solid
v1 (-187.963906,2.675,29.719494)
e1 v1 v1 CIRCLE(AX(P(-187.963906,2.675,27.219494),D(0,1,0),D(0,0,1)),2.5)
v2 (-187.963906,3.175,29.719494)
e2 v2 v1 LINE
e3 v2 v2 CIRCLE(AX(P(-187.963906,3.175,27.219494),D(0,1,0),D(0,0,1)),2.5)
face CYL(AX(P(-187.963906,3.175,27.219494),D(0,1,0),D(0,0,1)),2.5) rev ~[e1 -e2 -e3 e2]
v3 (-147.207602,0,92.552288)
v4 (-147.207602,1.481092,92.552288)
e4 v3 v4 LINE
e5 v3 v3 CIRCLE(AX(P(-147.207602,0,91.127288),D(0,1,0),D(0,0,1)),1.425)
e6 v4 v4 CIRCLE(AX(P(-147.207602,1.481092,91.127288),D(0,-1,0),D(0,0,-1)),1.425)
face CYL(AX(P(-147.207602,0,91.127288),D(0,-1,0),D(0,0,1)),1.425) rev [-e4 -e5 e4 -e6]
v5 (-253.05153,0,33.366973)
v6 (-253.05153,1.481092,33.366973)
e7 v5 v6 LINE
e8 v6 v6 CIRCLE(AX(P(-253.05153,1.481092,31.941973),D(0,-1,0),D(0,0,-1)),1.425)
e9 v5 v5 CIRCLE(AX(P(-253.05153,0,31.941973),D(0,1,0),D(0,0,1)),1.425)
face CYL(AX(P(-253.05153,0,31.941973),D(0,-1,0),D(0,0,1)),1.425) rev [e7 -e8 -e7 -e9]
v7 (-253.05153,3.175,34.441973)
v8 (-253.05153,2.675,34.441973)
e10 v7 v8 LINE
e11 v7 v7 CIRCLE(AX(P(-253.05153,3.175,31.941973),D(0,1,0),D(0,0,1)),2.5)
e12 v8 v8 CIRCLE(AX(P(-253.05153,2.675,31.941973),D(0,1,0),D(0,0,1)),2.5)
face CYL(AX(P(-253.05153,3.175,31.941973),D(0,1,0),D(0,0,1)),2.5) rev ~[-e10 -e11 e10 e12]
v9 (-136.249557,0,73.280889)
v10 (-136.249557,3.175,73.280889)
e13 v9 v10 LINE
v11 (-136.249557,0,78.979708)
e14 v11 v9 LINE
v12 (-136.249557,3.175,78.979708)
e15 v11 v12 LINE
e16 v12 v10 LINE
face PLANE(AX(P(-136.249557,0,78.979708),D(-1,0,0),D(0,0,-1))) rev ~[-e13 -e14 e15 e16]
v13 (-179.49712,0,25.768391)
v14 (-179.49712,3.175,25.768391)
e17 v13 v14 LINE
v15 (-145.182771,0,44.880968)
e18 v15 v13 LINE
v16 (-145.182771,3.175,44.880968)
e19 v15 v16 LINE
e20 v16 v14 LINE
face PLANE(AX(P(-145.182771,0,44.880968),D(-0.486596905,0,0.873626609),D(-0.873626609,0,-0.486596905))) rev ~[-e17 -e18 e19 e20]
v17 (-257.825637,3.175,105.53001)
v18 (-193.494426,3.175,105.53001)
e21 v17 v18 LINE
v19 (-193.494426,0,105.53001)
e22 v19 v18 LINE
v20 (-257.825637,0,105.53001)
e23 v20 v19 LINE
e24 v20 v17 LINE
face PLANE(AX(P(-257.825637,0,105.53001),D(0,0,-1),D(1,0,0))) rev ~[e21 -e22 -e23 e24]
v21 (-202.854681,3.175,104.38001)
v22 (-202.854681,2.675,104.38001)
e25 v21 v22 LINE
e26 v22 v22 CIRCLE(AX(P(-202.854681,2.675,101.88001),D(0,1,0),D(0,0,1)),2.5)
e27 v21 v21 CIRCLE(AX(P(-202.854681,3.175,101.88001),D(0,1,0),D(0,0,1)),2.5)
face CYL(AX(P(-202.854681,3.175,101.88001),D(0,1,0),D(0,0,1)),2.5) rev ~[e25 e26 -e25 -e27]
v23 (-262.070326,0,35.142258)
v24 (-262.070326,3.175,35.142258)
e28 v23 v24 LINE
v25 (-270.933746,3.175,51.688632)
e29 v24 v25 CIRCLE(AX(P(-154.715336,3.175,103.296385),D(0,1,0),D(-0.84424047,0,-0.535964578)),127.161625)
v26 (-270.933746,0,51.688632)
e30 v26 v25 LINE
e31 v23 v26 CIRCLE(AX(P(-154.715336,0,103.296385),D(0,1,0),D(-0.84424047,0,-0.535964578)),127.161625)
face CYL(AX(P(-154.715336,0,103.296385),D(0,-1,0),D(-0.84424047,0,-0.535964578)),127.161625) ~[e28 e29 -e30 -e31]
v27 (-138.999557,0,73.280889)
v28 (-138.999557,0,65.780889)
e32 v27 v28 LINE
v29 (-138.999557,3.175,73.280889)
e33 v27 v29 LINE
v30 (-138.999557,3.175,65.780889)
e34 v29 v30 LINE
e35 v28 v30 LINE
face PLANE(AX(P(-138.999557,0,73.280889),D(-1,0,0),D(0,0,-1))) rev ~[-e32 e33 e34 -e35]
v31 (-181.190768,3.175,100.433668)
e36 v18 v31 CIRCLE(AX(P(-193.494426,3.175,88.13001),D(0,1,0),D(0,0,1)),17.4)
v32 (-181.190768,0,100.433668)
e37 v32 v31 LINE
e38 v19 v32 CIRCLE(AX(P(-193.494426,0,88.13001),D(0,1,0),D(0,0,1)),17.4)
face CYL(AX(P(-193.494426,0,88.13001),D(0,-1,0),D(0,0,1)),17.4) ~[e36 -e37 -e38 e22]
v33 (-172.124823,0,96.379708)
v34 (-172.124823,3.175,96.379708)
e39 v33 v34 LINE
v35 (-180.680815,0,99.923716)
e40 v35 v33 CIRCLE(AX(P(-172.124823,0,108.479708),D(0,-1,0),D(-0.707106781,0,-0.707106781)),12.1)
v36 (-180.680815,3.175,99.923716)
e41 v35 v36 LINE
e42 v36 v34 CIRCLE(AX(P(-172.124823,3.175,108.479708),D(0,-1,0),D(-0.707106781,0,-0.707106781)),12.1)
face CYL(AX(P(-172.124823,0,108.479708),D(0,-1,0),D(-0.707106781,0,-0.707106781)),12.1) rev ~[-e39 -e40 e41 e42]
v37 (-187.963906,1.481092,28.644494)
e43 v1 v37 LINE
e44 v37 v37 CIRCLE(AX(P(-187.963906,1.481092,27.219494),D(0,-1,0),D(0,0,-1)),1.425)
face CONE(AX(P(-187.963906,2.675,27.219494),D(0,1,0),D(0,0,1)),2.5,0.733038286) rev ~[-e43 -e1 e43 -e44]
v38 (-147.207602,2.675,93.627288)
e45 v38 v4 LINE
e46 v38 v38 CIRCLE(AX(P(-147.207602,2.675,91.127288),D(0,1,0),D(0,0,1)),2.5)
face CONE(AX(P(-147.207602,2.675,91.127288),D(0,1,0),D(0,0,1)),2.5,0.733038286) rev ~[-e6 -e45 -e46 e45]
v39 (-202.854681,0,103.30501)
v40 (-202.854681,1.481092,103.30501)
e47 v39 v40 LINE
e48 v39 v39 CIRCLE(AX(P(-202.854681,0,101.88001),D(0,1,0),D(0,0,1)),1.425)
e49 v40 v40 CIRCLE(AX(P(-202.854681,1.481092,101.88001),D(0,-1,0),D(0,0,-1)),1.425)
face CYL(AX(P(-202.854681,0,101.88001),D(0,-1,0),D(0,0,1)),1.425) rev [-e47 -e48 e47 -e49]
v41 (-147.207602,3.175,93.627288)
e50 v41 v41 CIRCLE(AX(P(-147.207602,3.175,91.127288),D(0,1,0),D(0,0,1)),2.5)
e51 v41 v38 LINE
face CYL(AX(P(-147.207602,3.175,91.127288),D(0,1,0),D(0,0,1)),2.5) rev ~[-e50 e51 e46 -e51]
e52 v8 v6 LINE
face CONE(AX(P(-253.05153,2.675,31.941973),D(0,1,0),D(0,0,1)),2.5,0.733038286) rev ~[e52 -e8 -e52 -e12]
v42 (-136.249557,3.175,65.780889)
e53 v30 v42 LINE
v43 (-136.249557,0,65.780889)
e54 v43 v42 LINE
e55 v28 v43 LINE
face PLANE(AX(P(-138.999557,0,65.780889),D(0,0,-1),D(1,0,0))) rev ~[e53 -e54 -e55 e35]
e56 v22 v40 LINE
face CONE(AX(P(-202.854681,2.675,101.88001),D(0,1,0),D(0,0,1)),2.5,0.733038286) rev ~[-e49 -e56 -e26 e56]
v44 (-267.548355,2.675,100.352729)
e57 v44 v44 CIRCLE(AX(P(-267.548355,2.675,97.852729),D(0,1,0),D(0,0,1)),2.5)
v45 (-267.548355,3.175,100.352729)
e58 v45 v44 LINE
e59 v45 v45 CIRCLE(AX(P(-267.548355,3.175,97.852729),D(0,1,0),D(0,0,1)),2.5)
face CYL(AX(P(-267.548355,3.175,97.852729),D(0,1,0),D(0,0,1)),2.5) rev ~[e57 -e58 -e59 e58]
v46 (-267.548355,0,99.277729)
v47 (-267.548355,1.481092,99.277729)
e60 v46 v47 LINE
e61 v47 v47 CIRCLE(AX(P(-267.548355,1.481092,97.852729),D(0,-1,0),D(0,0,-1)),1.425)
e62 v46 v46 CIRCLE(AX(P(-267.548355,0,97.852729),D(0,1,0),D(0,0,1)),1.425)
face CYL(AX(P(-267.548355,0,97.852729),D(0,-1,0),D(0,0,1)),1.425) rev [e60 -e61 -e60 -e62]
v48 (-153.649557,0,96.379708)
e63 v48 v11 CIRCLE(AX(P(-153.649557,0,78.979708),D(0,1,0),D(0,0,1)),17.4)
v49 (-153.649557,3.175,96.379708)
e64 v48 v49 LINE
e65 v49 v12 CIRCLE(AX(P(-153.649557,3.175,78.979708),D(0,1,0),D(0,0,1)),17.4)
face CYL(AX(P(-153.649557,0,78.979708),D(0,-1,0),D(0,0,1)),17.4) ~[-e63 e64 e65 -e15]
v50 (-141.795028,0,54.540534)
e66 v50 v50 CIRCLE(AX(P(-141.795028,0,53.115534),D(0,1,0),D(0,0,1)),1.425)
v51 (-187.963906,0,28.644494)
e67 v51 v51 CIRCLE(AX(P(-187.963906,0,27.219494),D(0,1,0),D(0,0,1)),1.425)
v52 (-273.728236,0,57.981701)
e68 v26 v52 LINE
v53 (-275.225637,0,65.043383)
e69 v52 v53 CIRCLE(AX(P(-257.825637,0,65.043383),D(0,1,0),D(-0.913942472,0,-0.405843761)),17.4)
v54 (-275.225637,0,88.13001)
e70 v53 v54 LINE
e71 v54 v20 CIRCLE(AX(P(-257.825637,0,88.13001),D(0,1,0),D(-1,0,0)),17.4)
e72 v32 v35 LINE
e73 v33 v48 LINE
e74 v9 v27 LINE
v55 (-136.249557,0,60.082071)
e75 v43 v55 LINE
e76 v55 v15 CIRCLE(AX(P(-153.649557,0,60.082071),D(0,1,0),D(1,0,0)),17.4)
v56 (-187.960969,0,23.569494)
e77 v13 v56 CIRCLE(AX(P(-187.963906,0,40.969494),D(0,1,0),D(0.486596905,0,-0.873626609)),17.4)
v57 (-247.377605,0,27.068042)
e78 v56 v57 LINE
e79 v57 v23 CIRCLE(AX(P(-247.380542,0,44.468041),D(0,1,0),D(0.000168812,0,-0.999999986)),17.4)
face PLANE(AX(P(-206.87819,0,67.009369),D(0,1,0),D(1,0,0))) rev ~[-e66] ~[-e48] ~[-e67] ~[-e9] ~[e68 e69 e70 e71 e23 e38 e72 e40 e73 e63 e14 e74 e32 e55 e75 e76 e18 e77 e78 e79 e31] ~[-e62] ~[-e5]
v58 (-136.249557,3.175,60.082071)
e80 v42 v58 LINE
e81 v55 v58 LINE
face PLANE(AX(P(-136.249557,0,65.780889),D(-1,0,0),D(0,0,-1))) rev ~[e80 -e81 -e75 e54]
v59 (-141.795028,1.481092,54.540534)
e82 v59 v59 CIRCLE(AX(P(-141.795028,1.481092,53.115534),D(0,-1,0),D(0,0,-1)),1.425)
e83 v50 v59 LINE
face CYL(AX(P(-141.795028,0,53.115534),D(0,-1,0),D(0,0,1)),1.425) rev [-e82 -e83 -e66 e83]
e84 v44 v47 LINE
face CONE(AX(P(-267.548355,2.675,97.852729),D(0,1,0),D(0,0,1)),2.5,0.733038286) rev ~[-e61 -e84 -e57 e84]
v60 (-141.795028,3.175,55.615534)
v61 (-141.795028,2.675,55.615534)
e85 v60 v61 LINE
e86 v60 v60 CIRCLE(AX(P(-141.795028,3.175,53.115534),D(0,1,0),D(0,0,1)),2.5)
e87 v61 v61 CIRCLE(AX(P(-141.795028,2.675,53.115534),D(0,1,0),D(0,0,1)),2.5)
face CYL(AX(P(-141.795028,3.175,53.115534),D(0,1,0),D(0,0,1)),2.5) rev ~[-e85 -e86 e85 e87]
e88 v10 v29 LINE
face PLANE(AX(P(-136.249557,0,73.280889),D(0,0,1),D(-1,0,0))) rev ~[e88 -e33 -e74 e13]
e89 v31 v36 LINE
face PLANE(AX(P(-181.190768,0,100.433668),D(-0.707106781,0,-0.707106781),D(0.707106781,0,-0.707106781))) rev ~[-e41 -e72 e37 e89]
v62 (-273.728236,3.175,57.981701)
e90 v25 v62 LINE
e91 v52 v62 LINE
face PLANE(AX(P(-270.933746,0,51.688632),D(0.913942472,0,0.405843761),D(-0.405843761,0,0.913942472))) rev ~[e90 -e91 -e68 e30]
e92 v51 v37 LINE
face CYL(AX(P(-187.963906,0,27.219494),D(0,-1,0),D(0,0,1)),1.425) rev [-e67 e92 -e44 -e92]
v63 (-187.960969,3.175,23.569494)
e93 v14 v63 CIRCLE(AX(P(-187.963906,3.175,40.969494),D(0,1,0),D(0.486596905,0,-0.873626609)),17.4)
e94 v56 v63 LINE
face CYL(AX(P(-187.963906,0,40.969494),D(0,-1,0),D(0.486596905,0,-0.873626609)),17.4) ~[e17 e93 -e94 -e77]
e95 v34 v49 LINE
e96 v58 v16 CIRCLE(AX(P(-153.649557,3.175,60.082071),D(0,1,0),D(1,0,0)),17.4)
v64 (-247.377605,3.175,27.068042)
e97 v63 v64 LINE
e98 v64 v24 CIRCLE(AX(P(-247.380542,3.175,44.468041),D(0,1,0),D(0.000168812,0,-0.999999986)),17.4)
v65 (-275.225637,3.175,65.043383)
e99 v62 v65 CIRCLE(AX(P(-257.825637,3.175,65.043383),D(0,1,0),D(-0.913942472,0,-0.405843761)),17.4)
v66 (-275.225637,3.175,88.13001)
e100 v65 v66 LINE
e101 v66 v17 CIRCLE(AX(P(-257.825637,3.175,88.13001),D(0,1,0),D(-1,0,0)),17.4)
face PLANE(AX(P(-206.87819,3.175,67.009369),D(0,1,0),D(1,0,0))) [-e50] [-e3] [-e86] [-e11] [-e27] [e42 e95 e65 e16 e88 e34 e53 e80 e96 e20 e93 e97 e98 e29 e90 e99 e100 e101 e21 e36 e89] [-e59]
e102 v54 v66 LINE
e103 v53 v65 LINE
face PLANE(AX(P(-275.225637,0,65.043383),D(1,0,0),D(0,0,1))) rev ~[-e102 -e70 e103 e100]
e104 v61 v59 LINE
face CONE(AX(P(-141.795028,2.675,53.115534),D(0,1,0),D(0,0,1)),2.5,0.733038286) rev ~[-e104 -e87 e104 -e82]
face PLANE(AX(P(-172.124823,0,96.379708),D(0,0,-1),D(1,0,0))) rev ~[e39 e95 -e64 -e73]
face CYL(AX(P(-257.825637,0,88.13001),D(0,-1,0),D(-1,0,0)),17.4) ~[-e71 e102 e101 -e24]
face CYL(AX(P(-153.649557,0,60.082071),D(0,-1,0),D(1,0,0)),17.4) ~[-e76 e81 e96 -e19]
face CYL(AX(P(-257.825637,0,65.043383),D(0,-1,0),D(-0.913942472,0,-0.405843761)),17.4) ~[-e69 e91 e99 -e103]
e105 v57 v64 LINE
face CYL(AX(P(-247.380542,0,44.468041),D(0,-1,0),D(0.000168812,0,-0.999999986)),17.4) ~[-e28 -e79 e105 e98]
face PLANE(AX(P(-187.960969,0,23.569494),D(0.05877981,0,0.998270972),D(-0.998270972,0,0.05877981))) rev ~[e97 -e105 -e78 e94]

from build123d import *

# Parameters (mm, degrees)
SKETCH2_R                    = 1.425
BOSS_EXTRUDE1_DEPTH          = 3.175
SKETCH3_R                    = 2.5
CUT_EXTRUDE1_DEPTH           = 0.5
SKETCH4_R                    = 2.5
CUT_EXTRUDE2_DEPTH           = 1.2
CUT_EXTRUDE2_DRAFT           = -42
CUT_EXTRUDE2_PROFILE_2_DEPTH = 1.2
CUT_EXTRUDE2_PROFILE_2_DRAFT = -42
CUT_EXTRUDE2_PROFILE_3_DEPTH = 1.2
CUT_EXTRUDE2_PROFILE_3_DRAFT = -42
CUT_EXTRUDE2_PROFILE_4_DEPTH = 1.2
CUT_EXTRUDE2_PROFILE_4_DRAFT = -42
CUT_EXTRUDE2_PROFILE_5_DEPTH = 1.2
CUT_EXTRUDE2_PROFILE_5_DRAFT = -42
CUT_EXTRUDE2_PROFILE_6_DEPTH = 1.2
CUT_EXTRUDE2_PROFILE_6_DRAFT = -42


with BuildPart() as part:
    # Sketch2 → Boss-Extrude1 (new body)
    with BuildSketch(Plane(origin=(0, 0, 0), x_dir=(1, 0, 0), z_dir=(0, 1, 0))):
        with BuildLine():
            Line((-145.18277075, -44.880968233), (-179.497120097, -25.768390824))
            ThreePointArc((-179.497120097, -25.768390824), (-183.588653035, -24.128556812), (-187.960968922, -23.569494069))
            Line((-187.960968922, -23.569494069), (-247.377604545, -27.068041697))
            ThreePointArc((-247.377604545, -27.068041697), (-255.760524502, -29.218913898), (-262.07032604, -35.142257782))
            ThreePointArc((-262.07032604, -35.142257782), (-266.807761783, -43.251676507), (-270.933745897, -51.688632391))
            Line((-270.933745897, -51.688632391), (-273.728235609, -57.981701498))
            ThreePointArc((-273.728235609, -57.981701498), (-274.847170355, -61.434035543), (-275.2256366, -65.043382939))
            Line((-275.2256366, -65.043382939), (-275.2256366, -88.130010281))
            ThreePointArc((-275.2256366, -88.130010281), (-270.129294593, -100.433668273), (-257.8256366, -105.530010281))
            Line((-257.8256366, -105.530010281), (-193.494425739, -105.530010281))
            ThreePointArc((-193.494425739, -105.530010281), (-186.835734016, -104.205514146), (-181.190767747, -100.433668273))
            Line((-181.190767747, -100.433668273), (-180.680815133, -99.923715659))
            ThreePointArc((-180.680815133, -99.923715659), (-176.755292612, -97.300765368), (-172.12482308, -96.379707712))
            Line((-172.12482308, -96.379707712), (-153.649556898, -96.379707712))
            ThreePointArc((-153.649556898, -96.379707712), (-141.345898905, -91.283365704), (-136.249556898, -78.979707712))
            Line((-136.249556898, -78.979707712), (-136.249556898, -73.280889471))
            Line((-136.249556898, -73.280889471), (-138.999556898, -73.280889471))
            Line((-138.999556898, -73.280889471), (-138.999556898, -65.780889471))
            Line((-138.999556898, -65.780889471), (-136.249556898, -65.780889471))
            Line((-136.249556898, -65.780889471), (-136.249556898, -60.08207123))
            ThreePointArc((-136.249556898, -60.08207123), (-138.648188978, -51.266235449), (-145.18277075, -44.880968233))
        make_face()
        with Locations(Location((-147.207602145, -91.127288498, 0), (0, 0, 270))):
            Circle(SKETCH2_R, mode=Mode.SUBTRACT)
        with Locations(Location((-141.795027651, -53.115534334, 0), (0, 0, 270))):
            Circle(SKETCH2_R, mode=Mode.SUBTRACT)
        with Locations(Location((-187.963906245, -27.219493821, 0), (0, 0, 270))):
            Circle(SKETCH2_R, mode=Mode.SUBTRACT)
        with Locations(Location((-253.051529835, -31.941972813, 0), (0, 0, 270))):
            Circle(SKETCH2_R, mode=Mode.SUBTRACT)
        with Locations(Location((-267.548354841, -97.852728522, 0), (0, 0, 270))):
            Circle(SKETCH2_R, mode=Mode.SUBTRACT)
        with Locations(Location((-202.85468144, -101.880010281, 0), (0, 0, 270))):
            Circle(SKETCH2_R, mode=Mode.SUBTRACT)
    extrude(amount=BOSS_EXTRUDE1_DEPTH)

    # Sketch3 → Cut-Extrude1 (cut)
    with BuildSketch(Plane(origin=(0, 3.175, 0), x_dir=(1, 0, 0), z_dir=(0, 1, 0))):
        with Locations(Location((-253.051529835, -31.941972813, 0), (0, 0, 270))):
            Circle(SKETCH3_R)
        with Locations(Location((-187.963906245, -27.219493821, 0), (0, 0, 270))):
            Circle(SKETCH3_R)
        with Locations(Location((-141.795027651, -53.115534334, 0), (0, 0, 270))):
            Circle(SKETCH3_R)
        with Locations(Location((-147.207602145, -91.127288498, 0), (0, 0, 270))):
            Circle(SKETCH3_R)
        with Locations(Location((-202.85468144, -101.880010281, 0), (0, 0, 270))):
            Circle(SKETCH3_R)
        with Locations(Location((-267.548354841, -97.852728522, 0), (0, 0, 270))):
            Circle(SKETCH3_R)
    extrude(amount=-CUT_EXTRUDE1_DEPTH, mode=Mode.SUBTRACT)


with BuildPart() as cut_extrude2_tool:
    # Sketch4 → Cut-Extrude2 (with draft: the straight prism first)
    with BuildSketch(Plane(origin=(0, 2.675, 0), x_dir=(1, 0, 0), z_dir=(0, 1, 0))):
        with Locations(Location((-267.548354841, -97.852728522, 0), (0, 0, 270))):
            Circle(SKETCH4_R)
    extrude(amount=-CUT_EXTRUDE2_DEPTH)
    # Cut-Extrude2: the draft: its side faces are tilted about the plane it starts from
    cut_extrude2_sides = [cut_extrude2_tool.faces().sort_by_distance(p)[0] for p in [
        (-267.548354841, 2.075, 95.352728522),
    ]]
    draft(cut_extrude2_sides, Plane(origin=(0, 2.675, 0), x_dir=(1, 0, 0), z_dir=(0, 1, 0)), CUT_EXTRUDE2_DRAFT)


with BuildPart() as part_1:
    add(part.part)

    # Cut-Extrude2: cut by cut_extrude2_tool
    add(cut_extrude2_tool.part, mode=Mode.SUBTRACT)


with BuildPart() as cut_extrude2_profile_2_tool:
    # Sketch4 → Cut-Extrude2 profile 2 (with draft: the straight prism first)
    with BuildSketch(Plane(origin=(0, 2.675, 0), x_dir=(1, 0, 0), z_dir=(0, 1, 0))):
        with Locations(Location((-202.85468144, -101.880010281, 0), (0, 0, 270))):
            Circle(SKETCH4_R)
    extrude(amount=-CUT_EXTRUDE2_PROFILE_2_DEPTH)
    # Cut-Extrude2 profile 2: the draft: its side faces are tilted about the plane it starts from
    cut_extrude2_profile_2_sides = [cut_extrude2_profile_2_tool.faces().sort_by_distance(p)[0] for p in [
        (-202.85468144, 2.075, 99.380010281),
    ]]
    draft(cut_extrude2_profile_2_sides, Plane(origin=(0, 2.675, 0), x_dir=(1, 0, 0), z_dir=(0, 1, 0)), CUT_EXTRUDE2_PROFILE_2_DRAFT)


with BuildPart() as part_2:
    add(part_1.part)

    # Cut-Extrude2 profile 2: cut by cut_extrude2_profile_2_tool
    add(cut_extrude2_profile_2_tool.part, mode=Mode.SUBTRACT)


with BuildPart() as cut_extrude2_profile_3_tool:
    # Sketch4 → Cut-Extrude2 profile 3 (with draft: the straight prism first)
    with BuildSketch(Plane(origin=(0, 2.675, 0), x_dir=(1, 0, 0), z_dir=(0, 1, 0))):
        with Locations(Location((-147.207602145, -91.127288498, 0), (0, 0, 270))):
            Circle(SKETCH4_R)
    extrude(amount=-CUT_EXTRUDE2_PROFILE_3_DEPTH)
    # Cut-Extrude2 profile 3: the draft: its side faces are tilted about the plane it starts from
    cut_extrude2_profile_3_sides = [cut_extrude2_profile_3_tool.faces().sort_by_distance(p)[0] for p in [
        (-147.207602145, 2.075, 88.627288498),
    ]]
    draft(cut_extrude2_profile_3_sides, Plane(origin=(0, 2.675, 0), x_dir=(1, 0, 0), z_dir=(0, 1, 0)), CUT_EXTRUDE2_PROFILE_3_DRAFT)


with BuildPart() as part_3:
    add(part_2.part)

    # Cut-Extrude2 profile 3: cut by cut_extrude2_profile_3_tool
    add(cut_extrude2_profile_3_tool.part, mode=Mode.SUBTRACT)


with BuildPart() as cut_extrude2_profile_4_tool:
    # Sketch4 → Cut-Extrude2 profile 4 (with draft: the straight prism first)
    with BuildSketch(Plane(origin=(0, 2.675, 0), x_dir=(1, 0, 0), z_dir=(0, 1, 0))):
        with Locations(Location((-141.795027651, -53.115534334, 0), (0, 0, 270))):
            Circle(SKETCH4_R)
    extrude(amount=-CUT_EXTRUDE2_PROFILE_4_DEPTH)
    # Cut-Extrude2 profile 4: the draft: its side faces are tilted about the plane it starts from
    cut_extrude2_profile_4_sides = [cut_extrude2_profile_4_tool.faces().sort_by_distance(p)[0] for p in [
        (-141.795027651, 2.075, 50.615534334),
    ]]
    draft(cut_extrude2_profile_4_sides, Plane(origin=(0, 2.675, 0), x_dir=(1, 0, 0), z_dir=(0, 1, 0)), CUT_EXTRUDE2_PROFILE_4_DRAFT)


with BuildPart() as part_4:
    add(part_3.part)

    # Cut-Extrude2 profile 4: cut by cut_extrude2_profile_4_tool
    add(cut_extrude2_profile_4_tool.part, mode=Mode.SUBTRACT)


with BuildPart() as cut_extrude2_profile_5_tool:
    # Sketch4 → Cut-Extrude2 profile 5 (with draft: the straight prism first)
    with BuildSketch(Plane(origin=(0, 2.675, 0), x_dir=(1, 0, 0), z_dir=(0, 1, 0))):
        with Locations(Location((-187.963906245, -27.219493821, 0), (0, 0, 270))):
            Circle(SKETCH4_R)
    extrude(amount=-CUT_EXTRUDE2_PROFILE_5_DEPTH)
    # Cut-Extrude2 profile 5: the draft: its side faces are tilted about the plane it starts from
    cut_extrude2_profile_5_sides = [cut_extrude2_profile_5_tool.faces().sort_by_distance(p)[0] for p in [
        (-187.963906245, 2.075, 24.719493821),
    ]]
    draft(cut_extrude2_profile_5_sides, Plane(origin=(0, 2.675, 0), x_dir=(1, 0, 0), z_dir=(0, 1, 0)), CUT_EXTRUDE2_PROFILE_5_DRAFT)


with BuildPart() as part_5:
    add(part_4.part)

    # Cut-Extrude2 profile 5: cut by cut_extrude2_profile_5_tool
    add(cut_extrude2_profile_5_tool.part, mode=Mode.SUBTRACT)


with BuildPart() as cut_extrude2_profile_6_tool:
    # Sketch4 → Cut-Extrude2 profile 6 (with draft: the straight prism first)
    with BuildSketch(Plane(origin=(0, 2.675, 0), x_dir=(1, 0, 0), z_dir=(0, 1, 0))):
        with Locations(Location((-253.051529835, -31.941972813, 0), (0, 0, 270))):
            Circle(SKETCH4_R)
    extrude(amount=-CUT_EXTRUDE2_PROFILE_6_DEPTH)
    # Cut-Extrude2 profile 6: the draft: its side faces are tilted about the plane it starts from
    cut_extrude2_profile_6_sides = [cut_extrude2_profile_6_tool.faces().sort_by_distance(p)[0] for p in [
        (-253.051529835, 2.075, 29.441972813),
    ]]
    draft(cut_extrude2_profile_6_sides, Plane(origin=(0, 2.675, 0), x_dir=(1, 0, 0), z_dir=(0, 1, 0)), CUT_EXTRUDE2_PROFILE_6_DRAFT)


with BuildPart() as part_6:
    add(part_5.part)

    # Cut-Extrude2 profile 6: cut by cut_extrude2_profile_6_tool
    add(cut_extrude2_profile_6_tool.part, mode=Mode.SUBTRACT)


solid = part_6.part
